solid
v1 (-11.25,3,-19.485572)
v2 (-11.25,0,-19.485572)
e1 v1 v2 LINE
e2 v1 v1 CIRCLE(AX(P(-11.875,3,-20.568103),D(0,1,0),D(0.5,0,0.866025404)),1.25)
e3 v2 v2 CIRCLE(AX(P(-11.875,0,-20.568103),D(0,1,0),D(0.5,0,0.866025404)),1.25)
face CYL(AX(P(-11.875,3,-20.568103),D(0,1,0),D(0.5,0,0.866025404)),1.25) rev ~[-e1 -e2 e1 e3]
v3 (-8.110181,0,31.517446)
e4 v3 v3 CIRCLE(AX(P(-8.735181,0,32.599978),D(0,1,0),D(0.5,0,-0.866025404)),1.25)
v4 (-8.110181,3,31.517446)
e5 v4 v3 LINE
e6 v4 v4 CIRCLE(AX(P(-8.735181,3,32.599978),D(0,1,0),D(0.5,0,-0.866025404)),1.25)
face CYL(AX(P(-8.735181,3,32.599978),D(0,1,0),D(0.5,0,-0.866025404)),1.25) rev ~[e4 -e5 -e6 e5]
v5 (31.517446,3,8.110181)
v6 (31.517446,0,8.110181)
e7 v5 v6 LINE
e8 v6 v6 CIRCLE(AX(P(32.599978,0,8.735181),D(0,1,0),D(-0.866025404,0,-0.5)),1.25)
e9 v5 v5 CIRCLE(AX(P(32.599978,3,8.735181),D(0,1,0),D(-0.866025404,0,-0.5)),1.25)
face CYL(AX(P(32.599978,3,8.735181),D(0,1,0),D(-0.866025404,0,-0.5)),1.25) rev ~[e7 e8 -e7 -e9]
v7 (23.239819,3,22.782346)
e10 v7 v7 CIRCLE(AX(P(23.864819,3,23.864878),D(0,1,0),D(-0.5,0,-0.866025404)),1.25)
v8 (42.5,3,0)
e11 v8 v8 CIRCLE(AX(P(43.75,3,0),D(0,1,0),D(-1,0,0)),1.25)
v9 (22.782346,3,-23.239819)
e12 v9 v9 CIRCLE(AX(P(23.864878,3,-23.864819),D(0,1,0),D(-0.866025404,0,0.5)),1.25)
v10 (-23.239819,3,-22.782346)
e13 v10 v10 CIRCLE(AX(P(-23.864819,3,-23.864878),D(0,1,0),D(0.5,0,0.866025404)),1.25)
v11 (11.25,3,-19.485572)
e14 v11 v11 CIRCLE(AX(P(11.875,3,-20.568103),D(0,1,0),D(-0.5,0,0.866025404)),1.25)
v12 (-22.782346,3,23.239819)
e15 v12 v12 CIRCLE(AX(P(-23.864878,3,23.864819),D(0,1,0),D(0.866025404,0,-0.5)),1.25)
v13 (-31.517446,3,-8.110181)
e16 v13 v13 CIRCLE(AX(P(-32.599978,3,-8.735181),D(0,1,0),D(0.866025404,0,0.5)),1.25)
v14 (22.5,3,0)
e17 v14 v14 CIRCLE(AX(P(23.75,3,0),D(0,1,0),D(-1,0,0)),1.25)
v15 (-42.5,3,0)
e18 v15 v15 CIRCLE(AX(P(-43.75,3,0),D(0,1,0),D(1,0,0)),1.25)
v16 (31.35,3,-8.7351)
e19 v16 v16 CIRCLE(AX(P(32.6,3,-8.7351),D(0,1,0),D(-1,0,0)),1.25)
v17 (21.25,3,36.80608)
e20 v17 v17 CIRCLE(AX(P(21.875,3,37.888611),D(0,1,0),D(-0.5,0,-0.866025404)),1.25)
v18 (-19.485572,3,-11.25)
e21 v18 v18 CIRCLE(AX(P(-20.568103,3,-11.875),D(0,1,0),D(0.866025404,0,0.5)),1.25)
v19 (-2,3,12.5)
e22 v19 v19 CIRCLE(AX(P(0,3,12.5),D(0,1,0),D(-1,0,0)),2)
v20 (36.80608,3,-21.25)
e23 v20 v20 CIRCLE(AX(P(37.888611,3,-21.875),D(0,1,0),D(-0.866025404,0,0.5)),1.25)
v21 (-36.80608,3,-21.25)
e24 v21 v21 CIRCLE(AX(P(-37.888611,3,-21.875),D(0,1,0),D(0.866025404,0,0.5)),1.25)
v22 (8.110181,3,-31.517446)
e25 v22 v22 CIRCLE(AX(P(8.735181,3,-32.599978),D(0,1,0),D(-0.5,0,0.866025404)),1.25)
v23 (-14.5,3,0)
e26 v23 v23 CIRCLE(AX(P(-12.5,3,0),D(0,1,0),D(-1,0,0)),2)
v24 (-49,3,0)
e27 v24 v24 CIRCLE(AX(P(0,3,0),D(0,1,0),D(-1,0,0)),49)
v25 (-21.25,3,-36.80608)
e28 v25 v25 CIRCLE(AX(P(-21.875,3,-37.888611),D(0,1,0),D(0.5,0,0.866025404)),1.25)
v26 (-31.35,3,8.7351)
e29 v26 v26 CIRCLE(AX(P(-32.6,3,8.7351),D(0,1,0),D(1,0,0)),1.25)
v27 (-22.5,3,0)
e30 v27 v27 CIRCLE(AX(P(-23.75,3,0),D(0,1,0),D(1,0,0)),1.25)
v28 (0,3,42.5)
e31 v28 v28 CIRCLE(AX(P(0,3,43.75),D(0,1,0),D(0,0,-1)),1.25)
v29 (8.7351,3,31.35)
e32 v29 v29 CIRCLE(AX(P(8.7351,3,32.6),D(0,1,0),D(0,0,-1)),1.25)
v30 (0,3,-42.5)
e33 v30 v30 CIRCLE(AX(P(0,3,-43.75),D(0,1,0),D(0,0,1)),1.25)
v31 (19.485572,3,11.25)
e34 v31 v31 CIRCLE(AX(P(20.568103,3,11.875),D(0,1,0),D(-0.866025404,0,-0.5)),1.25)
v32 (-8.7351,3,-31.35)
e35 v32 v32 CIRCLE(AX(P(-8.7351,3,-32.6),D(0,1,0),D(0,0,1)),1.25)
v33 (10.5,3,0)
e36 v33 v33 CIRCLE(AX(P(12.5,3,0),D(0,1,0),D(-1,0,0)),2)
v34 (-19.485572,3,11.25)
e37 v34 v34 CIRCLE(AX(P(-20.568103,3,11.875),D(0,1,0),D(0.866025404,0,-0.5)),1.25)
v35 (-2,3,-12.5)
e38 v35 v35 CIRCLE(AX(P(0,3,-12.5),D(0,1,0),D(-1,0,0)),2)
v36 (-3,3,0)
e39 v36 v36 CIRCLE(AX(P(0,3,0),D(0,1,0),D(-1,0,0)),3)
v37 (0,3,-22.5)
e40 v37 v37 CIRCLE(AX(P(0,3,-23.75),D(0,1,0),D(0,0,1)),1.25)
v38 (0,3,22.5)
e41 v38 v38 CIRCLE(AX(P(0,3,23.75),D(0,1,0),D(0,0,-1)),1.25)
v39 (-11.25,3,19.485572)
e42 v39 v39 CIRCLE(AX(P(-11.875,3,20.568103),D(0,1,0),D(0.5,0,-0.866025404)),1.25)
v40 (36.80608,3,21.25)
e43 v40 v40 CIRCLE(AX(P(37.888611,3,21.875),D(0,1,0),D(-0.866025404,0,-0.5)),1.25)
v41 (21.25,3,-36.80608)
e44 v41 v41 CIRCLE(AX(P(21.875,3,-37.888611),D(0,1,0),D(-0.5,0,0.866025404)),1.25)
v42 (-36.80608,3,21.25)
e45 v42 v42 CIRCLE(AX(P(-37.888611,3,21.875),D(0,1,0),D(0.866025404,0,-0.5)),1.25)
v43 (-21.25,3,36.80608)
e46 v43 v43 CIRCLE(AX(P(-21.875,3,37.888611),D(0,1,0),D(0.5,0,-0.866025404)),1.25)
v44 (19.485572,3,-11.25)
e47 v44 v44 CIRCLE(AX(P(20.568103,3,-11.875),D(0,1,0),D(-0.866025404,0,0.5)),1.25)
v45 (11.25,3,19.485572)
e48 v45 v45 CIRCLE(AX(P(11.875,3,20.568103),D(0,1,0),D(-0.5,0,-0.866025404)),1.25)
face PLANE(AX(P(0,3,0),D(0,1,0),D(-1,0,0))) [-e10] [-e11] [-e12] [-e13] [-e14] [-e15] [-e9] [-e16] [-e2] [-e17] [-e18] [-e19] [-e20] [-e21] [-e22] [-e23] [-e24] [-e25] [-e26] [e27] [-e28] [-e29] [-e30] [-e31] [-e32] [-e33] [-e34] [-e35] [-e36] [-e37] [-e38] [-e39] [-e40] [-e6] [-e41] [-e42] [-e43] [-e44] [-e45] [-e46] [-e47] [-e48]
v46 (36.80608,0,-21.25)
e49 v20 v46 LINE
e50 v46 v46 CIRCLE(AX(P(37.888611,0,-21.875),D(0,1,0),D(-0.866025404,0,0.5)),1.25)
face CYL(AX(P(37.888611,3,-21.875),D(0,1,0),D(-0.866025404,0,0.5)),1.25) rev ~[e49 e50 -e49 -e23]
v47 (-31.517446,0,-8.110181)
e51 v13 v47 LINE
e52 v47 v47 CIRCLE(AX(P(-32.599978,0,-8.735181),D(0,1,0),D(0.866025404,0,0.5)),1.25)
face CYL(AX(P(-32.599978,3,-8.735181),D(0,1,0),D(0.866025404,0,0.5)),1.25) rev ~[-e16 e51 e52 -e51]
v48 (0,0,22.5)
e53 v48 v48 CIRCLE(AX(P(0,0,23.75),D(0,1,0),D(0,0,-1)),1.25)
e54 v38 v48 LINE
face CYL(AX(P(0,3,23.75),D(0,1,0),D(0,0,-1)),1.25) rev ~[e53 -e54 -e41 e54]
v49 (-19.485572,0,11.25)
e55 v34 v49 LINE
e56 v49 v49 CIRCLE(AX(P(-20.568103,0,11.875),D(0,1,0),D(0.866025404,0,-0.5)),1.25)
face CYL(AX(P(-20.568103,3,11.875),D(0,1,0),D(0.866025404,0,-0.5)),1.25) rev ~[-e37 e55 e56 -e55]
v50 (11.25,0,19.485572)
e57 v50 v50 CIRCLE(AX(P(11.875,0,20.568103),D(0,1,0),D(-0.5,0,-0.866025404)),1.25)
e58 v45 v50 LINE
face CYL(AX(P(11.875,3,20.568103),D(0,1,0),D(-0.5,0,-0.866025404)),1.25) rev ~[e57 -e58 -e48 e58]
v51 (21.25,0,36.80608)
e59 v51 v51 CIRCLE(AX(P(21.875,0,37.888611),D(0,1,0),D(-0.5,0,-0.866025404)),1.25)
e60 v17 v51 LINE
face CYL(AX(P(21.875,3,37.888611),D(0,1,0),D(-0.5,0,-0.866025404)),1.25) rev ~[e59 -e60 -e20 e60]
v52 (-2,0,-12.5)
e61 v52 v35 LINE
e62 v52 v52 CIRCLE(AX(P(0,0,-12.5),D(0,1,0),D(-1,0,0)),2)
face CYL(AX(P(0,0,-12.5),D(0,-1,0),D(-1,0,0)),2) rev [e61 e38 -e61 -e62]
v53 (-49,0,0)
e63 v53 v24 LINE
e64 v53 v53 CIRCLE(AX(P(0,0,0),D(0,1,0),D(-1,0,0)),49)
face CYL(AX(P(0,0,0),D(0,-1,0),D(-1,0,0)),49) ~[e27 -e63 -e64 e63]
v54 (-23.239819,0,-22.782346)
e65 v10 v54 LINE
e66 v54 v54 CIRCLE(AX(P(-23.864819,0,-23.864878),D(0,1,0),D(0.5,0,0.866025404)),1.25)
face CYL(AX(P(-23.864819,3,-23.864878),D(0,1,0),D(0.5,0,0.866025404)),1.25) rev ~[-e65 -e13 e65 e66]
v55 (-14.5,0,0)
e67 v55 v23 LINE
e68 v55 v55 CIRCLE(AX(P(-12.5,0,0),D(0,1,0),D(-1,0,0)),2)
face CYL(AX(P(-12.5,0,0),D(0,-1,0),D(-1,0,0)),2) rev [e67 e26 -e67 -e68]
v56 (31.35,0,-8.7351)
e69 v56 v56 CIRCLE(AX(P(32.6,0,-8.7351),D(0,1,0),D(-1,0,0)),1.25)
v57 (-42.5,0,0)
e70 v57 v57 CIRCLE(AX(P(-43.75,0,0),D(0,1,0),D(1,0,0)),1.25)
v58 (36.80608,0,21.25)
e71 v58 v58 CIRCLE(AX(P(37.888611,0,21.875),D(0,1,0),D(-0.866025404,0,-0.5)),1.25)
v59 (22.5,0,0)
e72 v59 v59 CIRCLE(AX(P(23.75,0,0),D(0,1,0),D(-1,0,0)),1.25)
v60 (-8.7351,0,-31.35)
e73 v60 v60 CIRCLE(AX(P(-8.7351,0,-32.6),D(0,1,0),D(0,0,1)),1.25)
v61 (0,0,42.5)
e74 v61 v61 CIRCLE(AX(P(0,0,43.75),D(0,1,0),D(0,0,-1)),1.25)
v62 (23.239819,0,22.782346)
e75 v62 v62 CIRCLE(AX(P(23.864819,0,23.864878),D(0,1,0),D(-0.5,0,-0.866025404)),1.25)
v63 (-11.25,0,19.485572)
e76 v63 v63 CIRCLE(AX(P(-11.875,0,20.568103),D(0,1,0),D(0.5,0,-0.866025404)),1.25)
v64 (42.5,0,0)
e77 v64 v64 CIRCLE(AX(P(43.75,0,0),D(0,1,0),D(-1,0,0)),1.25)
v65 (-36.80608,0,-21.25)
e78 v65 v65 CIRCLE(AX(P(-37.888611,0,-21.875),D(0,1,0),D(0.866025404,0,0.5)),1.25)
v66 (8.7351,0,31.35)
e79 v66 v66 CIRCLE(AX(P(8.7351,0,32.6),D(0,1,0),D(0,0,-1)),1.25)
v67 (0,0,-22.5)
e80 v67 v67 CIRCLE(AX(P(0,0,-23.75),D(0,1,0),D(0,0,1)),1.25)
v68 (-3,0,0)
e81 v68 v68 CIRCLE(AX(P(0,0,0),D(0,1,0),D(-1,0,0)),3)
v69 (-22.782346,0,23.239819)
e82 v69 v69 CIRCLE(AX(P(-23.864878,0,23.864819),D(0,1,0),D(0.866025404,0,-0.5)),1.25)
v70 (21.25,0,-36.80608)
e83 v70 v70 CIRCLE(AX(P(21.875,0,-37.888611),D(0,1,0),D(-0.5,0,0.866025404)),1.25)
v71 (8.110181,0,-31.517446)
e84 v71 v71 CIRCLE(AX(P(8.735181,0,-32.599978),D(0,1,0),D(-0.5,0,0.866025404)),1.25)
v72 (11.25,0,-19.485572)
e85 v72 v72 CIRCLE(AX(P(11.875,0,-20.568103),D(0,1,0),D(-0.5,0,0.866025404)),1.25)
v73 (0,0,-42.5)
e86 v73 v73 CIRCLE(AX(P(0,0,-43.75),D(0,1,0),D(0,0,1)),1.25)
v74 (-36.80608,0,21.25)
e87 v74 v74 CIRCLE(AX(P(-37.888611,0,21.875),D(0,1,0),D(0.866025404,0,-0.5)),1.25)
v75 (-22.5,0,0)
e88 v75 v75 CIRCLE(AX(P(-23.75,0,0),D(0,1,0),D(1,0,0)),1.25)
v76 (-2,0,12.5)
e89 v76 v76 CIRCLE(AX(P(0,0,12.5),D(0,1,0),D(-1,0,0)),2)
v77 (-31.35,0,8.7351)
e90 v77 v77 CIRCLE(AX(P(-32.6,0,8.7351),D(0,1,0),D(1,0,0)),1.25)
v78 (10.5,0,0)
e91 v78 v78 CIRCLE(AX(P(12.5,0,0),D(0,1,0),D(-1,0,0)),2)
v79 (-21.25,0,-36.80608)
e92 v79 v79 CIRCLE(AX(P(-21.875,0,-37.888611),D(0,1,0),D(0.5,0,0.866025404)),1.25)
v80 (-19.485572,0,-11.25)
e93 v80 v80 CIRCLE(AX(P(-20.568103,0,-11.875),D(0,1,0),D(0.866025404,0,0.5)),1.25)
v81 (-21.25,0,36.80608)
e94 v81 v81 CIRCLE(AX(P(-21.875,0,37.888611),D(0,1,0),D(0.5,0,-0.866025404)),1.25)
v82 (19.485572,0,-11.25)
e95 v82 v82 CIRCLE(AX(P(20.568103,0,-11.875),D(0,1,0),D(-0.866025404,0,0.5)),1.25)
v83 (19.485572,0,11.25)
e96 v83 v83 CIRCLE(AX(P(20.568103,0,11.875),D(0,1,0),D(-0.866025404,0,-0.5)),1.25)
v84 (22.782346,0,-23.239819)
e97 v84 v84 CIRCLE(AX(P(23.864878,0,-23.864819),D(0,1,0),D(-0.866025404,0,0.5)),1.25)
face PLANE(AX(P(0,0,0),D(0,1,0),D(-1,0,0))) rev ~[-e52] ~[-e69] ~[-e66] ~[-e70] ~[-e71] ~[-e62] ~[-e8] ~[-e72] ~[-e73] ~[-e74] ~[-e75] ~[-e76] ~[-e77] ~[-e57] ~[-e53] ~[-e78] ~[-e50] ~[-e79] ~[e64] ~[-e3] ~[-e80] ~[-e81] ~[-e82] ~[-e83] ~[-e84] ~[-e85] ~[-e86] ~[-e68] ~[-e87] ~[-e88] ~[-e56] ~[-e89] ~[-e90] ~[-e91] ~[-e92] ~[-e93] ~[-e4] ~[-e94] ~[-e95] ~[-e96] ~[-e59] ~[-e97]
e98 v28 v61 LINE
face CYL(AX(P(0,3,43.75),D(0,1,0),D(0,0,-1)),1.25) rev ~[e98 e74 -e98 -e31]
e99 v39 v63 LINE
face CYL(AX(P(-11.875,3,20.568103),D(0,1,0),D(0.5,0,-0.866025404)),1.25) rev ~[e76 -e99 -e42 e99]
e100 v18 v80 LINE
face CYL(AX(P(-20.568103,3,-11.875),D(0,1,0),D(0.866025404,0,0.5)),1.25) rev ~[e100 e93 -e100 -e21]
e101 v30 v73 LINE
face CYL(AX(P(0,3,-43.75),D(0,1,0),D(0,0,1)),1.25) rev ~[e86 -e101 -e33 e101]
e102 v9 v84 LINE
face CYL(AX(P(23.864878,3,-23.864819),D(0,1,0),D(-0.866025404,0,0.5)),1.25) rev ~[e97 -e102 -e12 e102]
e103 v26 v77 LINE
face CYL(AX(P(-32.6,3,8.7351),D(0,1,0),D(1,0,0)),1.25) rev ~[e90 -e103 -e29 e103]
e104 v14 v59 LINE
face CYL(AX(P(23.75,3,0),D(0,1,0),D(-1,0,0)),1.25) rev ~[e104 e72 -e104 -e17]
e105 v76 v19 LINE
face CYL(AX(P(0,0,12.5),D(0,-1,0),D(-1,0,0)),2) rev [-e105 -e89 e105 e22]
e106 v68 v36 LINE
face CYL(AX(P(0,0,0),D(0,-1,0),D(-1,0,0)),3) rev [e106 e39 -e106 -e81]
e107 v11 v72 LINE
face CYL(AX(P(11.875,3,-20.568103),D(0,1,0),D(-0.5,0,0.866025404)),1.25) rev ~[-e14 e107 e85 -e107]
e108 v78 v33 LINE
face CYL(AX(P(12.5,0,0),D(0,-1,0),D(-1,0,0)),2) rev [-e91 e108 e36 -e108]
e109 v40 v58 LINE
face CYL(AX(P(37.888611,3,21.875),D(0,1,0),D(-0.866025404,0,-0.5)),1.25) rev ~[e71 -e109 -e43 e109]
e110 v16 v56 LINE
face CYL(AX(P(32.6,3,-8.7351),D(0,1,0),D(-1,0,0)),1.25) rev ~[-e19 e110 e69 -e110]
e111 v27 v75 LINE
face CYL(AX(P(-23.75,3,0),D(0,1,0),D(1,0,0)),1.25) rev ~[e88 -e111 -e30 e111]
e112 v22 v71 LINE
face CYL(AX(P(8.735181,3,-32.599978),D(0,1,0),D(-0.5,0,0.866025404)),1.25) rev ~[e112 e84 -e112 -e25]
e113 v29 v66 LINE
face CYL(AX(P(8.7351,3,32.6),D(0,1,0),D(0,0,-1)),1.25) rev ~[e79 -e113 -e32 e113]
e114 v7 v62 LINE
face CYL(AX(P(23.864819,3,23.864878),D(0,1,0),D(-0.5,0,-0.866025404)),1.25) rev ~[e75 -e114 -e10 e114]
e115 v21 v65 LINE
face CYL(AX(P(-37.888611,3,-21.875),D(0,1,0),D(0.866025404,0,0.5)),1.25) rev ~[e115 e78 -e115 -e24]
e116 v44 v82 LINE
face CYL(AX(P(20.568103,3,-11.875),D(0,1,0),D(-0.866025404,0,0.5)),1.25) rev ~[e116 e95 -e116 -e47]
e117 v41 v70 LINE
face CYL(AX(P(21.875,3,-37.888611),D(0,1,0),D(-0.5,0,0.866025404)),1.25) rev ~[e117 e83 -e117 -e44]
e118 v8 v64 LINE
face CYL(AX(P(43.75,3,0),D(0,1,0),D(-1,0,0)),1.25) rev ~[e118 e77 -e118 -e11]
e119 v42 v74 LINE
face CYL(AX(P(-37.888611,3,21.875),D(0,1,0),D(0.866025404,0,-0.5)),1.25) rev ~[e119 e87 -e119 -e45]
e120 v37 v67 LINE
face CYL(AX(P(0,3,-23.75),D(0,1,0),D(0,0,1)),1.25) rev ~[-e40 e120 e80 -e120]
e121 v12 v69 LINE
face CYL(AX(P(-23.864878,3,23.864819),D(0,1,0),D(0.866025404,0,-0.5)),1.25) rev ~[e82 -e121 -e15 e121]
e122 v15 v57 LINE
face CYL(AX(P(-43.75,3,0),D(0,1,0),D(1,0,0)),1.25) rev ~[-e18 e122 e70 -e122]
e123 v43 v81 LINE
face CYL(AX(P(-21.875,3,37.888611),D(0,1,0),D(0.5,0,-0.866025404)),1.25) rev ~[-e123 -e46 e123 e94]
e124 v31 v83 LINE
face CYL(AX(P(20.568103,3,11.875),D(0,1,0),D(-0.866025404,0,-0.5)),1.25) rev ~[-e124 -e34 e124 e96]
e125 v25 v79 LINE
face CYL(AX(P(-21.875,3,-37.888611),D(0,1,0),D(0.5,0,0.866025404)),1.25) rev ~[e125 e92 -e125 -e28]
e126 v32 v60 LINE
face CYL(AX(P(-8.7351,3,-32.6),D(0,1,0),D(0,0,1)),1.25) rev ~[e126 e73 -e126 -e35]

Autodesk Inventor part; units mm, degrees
ref_plane "YZ Plane" through (0, 0, 0) normal (1, 0, 0) x (0, 1, 0)
ref_plane "XZ Plane" through (0, 0, 0) normal (0, 1, 0) x (-1, 0, 0)
ref_plane "XY Plane" through (0, 0, 0) normal (0, 0, 1) x (1, 0, 0)
sketch "Sketch1" plane through (0, 0, 0) normal (0, 1, 0) x (-1, 0, 0)
  circle A0 centre (0, 0) radius 49
  circle A1 centre (0, 0) radius 3
  circle A2 centre (0, 12.5) radius 2
  circle A3 centre (-12.5, 0) radius 2
  circle A4 centre (0, -12.5) radius 2
  circle A5 centre (12.5, 0) radius 2
  dimension "d0" = 98
  dimension "d1" = 6
  dimension "d6" = 12.5
  dimension "d9" = 360
  dimension "d11" = 4
extrude "Extrusion1" add sketch "Sketch1" along normal blind 3
sketch "Sketch2" plane through (0, 3, 0) normal (0, 1, 0) x (1, 0, 0)
  circle A0 centre (-43.75, 0) radius 1.25
  circle A1 centre (0, 0) radius 49 construction
  circle A2 centre (-23.75, 0) radius 1.25
  circle A3 centre (-32.6, -8.7351) radius 1.25
  line L0 (0, 0) -> (-22.9407, -6.147) construction
  line L1 (0, 0) -> (-23.75, 0) construction
  arc A4 (-23.75, 0) -> (-22.9407, -6.147) centre (5.6453, 0.7432) ccw construction
  line L2 (-22.9407, -6.147) -> (-32.6, -8.7351) construction
  point P0 (-49, 0)
  dimension "d14" = 2.5
  dimension "d16" = 5.25
  dimension "d17" = 20
  dimension "d24" = 15
  dimension "d25" = 10
extrude "Extrusion2" cut sketch "Sketch2" against normal through all
pattern_circular "Circular Pattern1" count 12 over 360 about axis through (0, 0, 0) along (0, 1, 0) of "Extrusion2"
sketch "Sketch3" plane through (0, 3, 0) normal (0, 1, 0) x (1, 0, 0)
  circle A0 centre (-43.75, 0) radius 1.25 projected
  line L0 (0, 0) -> (-43.75, 0)
  circle A1 centre (-37.8886, -21.875) radius 1.25 projected
  line L1 (-37.8886, -21.875) -> (0, 0) construction
  circle A2 centre (-32.6, 8.7351) radius 1.25 projected
  circle A3 centre (0, 0) radius 3 projected
  circle A4 centre (0, 0) radius 43.75
  circle A5 centre (-23.75, 0) radius 1.25 projected
  circle A6 centre (0, 0) radius 23.75
  circle A7 centre (0, 0) radius 33.75
  circle A8 centre (-12.5, 0) radius 2 projected
  circle A9 centre (0, 0) radius 12.5
  line L2 (0, 0) -> (-32.6, 8.7351) construction
  dimension "d28" = 10
  dimension "d29" = 10
  dimension "d30" = 11.25
  dimension "d23" = 30
  dimension "d31" = 15
equation "\"d25\" = 0.5 * d17"
